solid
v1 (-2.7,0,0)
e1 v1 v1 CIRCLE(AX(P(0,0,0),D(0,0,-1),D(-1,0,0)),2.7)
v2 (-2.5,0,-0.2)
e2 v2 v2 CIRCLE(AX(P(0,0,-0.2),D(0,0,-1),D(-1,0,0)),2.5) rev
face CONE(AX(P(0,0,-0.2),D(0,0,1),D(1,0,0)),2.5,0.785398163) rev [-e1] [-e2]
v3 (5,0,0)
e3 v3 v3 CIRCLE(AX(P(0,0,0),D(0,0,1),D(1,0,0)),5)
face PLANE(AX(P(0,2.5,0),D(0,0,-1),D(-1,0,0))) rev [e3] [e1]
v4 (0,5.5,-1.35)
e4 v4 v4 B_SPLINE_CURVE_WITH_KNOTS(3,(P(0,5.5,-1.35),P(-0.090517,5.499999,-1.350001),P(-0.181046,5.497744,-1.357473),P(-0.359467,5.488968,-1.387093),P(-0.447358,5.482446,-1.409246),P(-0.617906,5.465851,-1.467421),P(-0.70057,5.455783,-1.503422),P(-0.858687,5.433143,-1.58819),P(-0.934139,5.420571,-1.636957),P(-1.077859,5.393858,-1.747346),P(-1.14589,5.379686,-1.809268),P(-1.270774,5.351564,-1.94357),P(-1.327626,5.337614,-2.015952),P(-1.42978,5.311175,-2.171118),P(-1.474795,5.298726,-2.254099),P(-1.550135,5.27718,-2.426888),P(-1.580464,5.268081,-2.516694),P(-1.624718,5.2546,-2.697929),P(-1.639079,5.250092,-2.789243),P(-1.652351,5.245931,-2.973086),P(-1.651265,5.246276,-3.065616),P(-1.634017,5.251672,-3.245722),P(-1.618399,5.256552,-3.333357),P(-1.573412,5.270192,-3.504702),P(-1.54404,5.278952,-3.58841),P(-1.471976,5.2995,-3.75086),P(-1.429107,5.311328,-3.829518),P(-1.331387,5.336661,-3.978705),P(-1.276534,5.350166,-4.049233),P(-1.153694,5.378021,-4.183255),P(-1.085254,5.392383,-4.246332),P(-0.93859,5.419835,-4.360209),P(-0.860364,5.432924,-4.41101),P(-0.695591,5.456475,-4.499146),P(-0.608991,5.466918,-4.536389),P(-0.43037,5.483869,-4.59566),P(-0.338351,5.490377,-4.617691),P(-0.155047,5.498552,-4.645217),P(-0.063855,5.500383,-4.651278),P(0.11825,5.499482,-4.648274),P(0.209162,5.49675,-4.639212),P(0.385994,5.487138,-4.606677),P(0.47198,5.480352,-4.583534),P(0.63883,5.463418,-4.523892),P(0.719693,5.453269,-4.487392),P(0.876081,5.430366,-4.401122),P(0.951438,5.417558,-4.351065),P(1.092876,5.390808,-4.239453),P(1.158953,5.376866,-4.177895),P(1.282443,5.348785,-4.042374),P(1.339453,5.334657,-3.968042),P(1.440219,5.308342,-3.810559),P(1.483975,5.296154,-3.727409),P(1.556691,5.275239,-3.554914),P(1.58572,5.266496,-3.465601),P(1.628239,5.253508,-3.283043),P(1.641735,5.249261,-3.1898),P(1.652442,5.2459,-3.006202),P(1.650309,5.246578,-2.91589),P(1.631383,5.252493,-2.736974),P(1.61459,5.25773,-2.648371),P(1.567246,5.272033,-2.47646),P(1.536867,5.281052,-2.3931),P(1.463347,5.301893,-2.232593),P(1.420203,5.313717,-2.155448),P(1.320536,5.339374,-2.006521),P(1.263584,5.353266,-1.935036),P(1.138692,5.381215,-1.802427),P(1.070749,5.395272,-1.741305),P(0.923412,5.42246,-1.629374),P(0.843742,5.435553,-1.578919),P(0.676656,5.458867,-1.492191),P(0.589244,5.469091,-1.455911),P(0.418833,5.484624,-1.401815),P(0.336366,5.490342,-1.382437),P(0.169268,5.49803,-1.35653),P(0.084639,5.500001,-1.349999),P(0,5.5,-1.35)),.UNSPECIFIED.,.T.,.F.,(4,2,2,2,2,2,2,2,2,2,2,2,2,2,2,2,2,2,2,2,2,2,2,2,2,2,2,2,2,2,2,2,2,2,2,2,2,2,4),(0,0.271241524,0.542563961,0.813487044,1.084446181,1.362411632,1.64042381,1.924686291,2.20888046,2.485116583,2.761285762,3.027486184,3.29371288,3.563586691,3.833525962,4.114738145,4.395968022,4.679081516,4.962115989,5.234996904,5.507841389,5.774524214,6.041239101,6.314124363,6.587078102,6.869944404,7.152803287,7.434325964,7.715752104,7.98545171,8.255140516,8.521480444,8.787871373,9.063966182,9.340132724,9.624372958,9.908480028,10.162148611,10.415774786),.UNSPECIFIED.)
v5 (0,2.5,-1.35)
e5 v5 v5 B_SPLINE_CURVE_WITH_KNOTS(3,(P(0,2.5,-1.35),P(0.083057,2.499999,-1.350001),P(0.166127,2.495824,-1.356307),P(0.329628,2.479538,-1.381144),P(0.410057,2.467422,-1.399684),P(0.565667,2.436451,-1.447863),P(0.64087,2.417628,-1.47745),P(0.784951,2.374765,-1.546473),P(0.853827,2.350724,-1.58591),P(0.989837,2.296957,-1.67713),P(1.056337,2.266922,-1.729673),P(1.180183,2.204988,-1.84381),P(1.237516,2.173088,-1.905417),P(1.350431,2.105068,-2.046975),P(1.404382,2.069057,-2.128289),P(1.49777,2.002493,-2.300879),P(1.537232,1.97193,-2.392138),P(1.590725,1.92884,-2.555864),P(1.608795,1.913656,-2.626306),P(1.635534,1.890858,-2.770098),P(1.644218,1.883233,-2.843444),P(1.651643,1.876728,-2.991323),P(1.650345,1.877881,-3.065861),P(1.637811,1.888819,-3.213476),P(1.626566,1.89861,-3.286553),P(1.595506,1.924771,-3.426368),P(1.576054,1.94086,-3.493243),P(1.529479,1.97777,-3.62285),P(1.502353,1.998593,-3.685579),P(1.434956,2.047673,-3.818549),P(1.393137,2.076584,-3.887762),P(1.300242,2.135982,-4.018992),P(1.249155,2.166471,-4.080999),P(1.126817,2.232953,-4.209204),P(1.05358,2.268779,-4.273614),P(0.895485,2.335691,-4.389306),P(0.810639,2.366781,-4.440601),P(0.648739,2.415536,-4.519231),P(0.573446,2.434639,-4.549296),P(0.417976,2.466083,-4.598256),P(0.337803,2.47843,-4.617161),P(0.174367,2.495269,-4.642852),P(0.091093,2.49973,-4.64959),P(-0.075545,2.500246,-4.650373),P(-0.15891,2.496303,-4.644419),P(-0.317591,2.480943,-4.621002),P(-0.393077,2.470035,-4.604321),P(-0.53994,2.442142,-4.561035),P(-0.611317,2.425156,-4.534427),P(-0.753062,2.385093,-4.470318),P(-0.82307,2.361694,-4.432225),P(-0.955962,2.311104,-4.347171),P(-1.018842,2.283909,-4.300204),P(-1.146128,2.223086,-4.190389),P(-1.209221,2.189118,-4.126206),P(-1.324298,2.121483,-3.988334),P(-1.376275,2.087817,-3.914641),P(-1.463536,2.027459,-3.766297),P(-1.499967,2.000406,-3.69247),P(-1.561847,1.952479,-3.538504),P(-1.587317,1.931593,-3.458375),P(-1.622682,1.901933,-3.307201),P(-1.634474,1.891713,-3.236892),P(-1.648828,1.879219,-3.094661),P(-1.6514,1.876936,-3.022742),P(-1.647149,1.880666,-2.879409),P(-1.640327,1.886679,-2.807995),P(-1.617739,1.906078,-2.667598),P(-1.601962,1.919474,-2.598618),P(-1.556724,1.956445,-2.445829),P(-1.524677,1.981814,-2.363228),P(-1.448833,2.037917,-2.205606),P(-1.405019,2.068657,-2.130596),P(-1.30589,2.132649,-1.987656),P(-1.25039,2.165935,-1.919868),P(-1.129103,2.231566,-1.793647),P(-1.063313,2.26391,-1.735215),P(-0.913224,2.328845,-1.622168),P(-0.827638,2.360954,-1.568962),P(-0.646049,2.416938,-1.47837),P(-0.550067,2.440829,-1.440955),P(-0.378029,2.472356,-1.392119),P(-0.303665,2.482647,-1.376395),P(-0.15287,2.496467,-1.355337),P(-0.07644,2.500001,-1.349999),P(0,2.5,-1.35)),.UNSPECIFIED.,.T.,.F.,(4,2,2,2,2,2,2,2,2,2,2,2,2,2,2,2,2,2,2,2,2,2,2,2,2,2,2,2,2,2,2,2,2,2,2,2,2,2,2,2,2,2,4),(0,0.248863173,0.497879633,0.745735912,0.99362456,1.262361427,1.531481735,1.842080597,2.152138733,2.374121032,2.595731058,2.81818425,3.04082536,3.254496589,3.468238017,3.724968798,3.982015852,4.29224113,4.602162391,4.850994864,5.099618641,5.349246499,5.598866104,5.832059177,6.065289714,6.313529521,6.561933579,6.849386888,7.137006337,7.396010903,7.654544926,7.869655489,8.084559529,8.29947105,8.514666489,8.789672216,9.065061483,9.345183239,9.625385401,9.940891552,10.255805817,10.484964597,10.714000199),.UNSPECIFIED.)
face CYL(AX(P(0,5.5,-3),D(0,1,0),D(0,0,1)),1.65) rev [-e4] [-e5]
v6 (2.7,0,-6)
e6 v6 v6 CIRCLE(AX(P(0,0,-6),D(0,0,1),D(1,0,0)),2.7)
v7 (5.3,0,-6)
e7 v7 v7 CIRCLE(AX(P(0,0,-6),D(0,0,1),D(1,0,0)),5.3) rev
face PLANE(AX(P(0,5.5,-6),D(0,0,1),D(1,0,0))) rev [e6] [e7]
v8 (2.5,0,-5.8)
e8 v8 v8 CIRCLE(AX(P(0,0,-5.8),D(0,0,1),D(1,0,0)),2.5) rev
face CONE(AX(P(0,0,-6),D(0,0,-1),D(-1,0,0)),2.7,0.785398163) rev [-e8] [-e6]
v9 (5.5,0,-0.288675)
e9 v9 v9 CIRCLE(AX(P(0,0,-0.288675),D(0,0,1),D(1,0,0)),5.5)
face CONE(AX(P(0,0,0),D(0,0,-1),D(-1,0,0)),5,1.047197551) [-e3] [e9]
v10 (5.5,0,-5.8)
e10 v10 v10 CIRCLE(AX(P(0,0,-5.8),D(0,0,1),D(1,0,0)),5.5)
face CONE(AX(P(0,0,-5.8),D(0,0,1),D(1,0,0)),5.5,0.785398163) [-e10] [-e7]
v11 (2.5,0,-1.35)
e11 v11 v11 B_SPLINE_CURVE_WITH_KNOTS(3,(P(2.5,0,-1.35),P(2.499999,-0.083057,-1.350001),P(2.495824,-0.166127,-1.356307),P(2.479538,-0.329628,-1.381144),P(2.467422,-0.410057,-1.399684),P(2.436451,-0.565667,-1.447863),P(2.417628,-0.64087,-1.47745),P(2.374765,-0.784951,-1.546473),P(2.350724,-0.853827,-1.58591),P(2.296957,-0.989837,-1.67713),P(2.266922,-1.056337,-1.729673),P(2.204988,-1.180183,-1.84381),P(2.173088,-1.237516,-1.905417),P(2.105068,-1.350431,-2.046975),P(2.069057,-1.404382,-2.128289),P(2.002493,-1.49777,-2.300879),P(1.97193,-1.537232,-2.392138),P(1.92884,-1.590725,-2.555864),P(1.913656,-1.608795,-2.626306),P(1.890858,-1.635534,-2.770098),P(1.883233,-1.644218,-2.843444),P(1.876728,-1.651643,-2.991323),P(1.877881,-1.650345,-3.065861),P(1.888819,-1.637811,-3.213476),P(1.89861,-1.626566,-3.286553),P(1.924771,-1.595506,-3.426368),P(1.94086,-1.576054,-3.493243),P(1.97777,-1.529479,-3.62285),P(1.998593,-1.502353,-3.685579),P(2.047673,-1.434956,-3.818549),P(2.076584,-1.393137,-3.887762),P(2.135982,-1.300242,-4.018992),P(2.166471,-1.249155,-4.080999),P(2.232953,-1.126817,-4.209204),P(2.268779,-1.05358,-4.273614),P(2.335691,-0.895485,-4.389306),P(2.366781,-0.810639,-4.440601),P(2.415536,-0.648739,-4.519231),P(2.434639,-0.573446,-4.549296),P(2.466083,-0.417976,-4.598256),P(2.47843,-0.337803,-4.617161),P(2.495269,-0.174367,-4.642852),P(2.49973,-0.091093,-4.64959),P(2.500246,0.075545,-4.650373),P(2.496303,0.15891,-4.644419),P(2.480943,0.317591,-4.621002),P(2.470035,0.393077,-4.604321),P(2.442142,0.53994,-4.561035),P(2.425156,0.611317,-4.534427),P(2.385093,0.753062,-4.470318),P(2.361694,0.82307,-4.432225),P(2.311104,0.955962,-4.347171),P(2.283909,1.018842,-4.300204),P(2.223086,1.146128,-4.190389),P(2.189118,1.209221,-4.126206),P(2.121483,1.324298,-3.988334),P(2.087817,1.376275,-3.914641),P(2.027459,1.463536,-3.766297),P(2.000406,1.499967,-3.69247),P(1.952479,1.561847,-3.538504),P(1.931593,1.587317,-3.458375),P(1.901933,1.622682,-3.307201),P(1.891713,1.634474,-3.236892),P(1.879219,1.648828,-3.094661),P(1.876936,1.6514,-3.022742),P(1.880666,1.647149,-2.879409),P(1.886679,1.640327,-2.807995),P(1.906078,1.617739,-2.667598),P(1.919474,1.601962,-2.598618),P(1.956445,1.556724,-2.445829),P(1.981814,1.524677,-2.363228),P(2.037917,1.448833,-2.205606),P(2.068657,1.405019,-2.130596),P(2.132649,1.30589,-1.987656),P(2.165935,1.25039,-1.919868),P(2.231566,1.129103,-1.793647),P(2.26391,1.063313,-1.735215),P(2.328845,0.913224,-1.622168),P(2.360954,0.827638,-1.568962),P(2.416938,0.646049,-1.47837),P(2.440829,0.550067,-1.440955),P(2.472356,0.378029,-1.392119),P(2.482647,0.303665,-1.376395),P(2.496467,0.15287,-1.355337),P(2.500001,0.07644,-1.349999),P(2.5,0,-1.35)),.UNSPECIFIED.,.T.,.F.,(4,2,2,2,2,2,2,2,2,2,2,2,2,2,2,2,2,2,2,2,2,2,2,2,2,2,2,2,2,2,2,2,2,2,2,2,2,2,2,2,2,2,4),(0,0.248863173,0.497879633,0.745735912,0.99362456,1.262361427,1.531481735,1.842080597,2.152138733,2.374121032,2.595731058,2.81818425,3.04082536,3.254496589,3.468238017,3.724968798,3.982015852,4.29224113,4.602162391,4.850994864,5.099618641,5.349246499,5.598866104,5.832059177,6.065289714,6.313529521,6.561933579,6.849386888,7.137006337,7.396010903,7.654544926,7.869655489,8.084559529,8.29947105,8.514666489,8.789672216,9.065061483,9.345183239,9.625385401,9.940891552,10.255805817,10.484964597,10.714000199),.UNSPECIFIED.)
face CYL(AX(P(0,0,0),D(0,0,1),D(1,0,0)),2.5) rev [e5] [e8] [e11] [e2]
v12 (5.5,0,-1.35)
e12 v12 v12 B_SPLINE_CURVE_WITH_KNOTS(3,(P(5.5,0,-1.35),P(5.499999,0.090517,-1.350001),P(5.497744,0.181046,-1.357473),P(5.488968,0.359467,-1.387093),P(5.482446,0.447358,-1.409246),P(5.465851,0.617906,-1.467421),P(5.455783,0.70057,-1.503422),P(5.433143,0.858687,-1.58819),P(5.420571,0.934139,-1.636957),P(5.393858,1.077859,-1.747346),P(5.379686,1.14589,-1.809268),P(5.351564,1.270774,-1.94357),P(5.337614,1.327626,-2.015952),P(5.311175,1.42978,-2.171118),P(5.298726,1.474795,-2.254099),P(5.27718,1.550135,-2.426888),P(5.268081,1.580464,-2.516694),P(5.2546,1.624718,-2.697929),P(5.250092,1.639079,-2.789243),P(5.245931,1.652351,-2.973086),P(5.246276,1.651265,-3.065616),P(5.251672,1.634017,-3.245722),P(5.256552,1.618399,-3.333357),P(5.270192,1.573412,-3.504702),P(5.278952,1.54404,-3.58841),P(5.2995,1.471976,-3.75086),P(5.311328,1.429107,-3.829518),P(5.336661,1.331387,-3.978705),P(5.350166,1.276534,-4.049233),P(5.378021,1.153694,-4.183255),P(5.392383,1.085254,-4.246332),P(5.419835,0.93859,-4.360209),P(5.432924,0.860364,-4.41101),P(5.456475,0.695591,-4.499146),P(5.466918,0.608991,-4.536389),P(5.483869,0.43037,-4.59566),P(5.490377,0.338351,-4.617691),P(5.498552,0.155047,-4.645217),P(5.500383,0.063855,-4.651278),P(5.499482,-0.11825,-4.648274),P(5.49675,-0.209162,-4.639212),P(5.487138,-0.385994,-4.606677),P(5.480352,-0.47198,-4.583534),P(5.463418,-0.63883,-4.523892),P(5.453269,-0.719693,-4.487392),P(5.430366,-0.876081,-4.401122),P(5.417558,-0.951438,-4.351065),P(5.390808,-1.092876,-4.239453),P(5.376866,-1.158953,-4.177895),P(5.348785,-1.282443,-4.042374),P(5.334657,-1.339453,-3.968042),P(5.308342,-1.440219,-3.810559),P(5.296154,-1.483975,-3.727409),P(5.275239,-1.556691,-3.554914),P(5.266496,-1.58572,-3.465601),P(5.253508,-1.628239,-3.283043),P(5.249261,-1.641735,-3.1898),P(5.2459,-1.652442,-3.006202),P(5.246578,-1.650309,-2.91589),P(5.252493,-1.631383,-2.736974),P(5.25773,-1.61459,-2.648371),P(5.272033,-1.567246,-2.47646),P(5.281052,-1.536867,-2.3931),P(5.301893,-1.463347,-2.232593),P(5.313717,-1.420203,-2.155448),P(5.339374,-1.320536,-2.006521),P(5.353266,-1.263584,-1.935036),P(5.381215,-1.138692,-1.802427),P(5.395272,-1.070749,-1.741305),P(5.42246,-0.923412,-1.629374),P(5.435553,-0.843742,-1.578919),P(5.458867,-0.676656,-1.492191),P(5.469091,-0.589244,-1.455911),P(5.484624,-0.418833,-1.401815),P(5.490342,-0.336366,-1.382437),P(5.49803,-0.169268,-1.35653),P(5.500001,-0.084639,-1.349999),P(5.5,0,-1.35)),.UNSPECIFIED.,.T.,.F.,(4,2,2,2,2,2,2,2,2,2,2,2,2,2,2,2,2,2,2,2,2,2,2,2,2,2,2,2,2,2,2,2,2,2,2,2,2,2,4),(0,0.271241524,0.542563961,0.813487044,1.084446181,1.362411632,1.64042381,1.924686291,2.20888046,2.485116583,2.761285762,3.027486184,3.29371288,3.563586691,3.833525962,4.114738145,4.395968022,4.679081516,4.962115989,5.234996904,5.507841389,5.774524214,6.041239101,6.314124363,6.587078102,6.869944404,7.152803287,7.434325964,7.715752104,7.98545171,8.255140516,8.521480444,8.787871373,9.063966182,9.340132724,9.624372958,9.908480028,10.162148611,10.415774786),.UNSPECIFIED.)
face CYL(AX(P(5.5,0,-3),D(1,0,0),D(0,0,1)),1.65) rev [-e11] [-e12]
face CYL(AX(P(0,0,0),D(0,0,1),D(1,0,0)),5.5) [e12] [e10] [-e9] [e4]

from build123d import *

# Parameters (mm, degrees)
SKETCH1_W           = 6
SKETCH1_H           = 3
TAPPED_HOLE1_REACH  = 15.684
TAPPED_HOLE1_BORE_R = 1.65
CIRPATTERN1_COUNT   = 2
CIRPATTERN1_ANGLE   = 90
CHAMFER1_SIZE       = 0.2


with BuildPart() as part:
    # Sketch1 → Revolve1 (revolve)
    with BuildSketch(Plane(origin=(0, 0, 0), x_dir=(0, 0, -1), z_dir=(1, 0, 0)), mode=Mode.PRIVATE) as revolve1_sk:
        with Locations((3, 4)):
            Rectangle(SKETCH1_W, SKETCH1_H)
    revolve(revolve1_sk.sketch.rotate(Axis((0, 0, 0), (0, 0, -1)), 90), axis=Axis((0, 0, 0), (0, 0, -1)))

    # Tapped Hole1 bore → Tapped Hole1 (cut, up to next)
    with BuildSketch(Plane(origin=(0, 5.5, 0), x_dir=(1, 0, 0), z_dir=(0, 1, 0)), mode=Mode.PRIVATE) as tapped_hole1_sk1:
        with Locations((0, 3)):
            Circle(TAPPED_HOLE1_BORE_R)
    tapped_hole1_tool1 = extrude(tapped_hole1_sk1.sketch, amount=-TAPPED_HOLE1_REACH, mode=Mode.PRIVATE) & part.part
    tapped_hole1 = tapped_hole1_tool1.solids().sort_by_distance((0, 5.5, -3))[0]
    add(tapped_hole1, mode=Mode.SUBTRACT)

    # CirPattern1: Tapped Hole1 ×2 about axis
    cirpattern1_axis = Axis((0, 0, 0), (0, 0, -1))
    for i in range(1, CIRPATTERN1_COUNT):
        add(tapped_hole1.rotate(cirpattern1_axis, i * CIRPATTERN1_ANGLE / (CIRPATTERN1_COUNT - 1)), mode=Mode.SUBTRACT)

    # Chamfer1
    chamfer1_edges = [part.edges().sort_by_distance(p)[0] for p in [
        (-2.5, 0, -6),
        (-2.5, 0, 0),
        (-5.5, 0, -6),
    ]]
    chamfer(chamfer1_edges, length=CHAMFER1_SIZE)

    # Sketch4 → Cut-Revolve1 (revolve, cut)
    with BuildSketch(Plane(origin=(0, 0, 0), x_dir=(0, 0, -1), z_dir=(1, 0, 0)), mode=Mode.PRIVATE) as cut_revolve1_sk:
        Polygon((0.288675135, 5.5), (0, 5), (0, 5.5), align=None)
    revolve(cut_revolve1_sk.sketch.rotate(Axis((0, 0, 0), (0, 0, -1)), 90), axis=Axis((0, 0, 0), (0, 0, -1)), mode=Mode.SUBTRACT)


solid = part.part
